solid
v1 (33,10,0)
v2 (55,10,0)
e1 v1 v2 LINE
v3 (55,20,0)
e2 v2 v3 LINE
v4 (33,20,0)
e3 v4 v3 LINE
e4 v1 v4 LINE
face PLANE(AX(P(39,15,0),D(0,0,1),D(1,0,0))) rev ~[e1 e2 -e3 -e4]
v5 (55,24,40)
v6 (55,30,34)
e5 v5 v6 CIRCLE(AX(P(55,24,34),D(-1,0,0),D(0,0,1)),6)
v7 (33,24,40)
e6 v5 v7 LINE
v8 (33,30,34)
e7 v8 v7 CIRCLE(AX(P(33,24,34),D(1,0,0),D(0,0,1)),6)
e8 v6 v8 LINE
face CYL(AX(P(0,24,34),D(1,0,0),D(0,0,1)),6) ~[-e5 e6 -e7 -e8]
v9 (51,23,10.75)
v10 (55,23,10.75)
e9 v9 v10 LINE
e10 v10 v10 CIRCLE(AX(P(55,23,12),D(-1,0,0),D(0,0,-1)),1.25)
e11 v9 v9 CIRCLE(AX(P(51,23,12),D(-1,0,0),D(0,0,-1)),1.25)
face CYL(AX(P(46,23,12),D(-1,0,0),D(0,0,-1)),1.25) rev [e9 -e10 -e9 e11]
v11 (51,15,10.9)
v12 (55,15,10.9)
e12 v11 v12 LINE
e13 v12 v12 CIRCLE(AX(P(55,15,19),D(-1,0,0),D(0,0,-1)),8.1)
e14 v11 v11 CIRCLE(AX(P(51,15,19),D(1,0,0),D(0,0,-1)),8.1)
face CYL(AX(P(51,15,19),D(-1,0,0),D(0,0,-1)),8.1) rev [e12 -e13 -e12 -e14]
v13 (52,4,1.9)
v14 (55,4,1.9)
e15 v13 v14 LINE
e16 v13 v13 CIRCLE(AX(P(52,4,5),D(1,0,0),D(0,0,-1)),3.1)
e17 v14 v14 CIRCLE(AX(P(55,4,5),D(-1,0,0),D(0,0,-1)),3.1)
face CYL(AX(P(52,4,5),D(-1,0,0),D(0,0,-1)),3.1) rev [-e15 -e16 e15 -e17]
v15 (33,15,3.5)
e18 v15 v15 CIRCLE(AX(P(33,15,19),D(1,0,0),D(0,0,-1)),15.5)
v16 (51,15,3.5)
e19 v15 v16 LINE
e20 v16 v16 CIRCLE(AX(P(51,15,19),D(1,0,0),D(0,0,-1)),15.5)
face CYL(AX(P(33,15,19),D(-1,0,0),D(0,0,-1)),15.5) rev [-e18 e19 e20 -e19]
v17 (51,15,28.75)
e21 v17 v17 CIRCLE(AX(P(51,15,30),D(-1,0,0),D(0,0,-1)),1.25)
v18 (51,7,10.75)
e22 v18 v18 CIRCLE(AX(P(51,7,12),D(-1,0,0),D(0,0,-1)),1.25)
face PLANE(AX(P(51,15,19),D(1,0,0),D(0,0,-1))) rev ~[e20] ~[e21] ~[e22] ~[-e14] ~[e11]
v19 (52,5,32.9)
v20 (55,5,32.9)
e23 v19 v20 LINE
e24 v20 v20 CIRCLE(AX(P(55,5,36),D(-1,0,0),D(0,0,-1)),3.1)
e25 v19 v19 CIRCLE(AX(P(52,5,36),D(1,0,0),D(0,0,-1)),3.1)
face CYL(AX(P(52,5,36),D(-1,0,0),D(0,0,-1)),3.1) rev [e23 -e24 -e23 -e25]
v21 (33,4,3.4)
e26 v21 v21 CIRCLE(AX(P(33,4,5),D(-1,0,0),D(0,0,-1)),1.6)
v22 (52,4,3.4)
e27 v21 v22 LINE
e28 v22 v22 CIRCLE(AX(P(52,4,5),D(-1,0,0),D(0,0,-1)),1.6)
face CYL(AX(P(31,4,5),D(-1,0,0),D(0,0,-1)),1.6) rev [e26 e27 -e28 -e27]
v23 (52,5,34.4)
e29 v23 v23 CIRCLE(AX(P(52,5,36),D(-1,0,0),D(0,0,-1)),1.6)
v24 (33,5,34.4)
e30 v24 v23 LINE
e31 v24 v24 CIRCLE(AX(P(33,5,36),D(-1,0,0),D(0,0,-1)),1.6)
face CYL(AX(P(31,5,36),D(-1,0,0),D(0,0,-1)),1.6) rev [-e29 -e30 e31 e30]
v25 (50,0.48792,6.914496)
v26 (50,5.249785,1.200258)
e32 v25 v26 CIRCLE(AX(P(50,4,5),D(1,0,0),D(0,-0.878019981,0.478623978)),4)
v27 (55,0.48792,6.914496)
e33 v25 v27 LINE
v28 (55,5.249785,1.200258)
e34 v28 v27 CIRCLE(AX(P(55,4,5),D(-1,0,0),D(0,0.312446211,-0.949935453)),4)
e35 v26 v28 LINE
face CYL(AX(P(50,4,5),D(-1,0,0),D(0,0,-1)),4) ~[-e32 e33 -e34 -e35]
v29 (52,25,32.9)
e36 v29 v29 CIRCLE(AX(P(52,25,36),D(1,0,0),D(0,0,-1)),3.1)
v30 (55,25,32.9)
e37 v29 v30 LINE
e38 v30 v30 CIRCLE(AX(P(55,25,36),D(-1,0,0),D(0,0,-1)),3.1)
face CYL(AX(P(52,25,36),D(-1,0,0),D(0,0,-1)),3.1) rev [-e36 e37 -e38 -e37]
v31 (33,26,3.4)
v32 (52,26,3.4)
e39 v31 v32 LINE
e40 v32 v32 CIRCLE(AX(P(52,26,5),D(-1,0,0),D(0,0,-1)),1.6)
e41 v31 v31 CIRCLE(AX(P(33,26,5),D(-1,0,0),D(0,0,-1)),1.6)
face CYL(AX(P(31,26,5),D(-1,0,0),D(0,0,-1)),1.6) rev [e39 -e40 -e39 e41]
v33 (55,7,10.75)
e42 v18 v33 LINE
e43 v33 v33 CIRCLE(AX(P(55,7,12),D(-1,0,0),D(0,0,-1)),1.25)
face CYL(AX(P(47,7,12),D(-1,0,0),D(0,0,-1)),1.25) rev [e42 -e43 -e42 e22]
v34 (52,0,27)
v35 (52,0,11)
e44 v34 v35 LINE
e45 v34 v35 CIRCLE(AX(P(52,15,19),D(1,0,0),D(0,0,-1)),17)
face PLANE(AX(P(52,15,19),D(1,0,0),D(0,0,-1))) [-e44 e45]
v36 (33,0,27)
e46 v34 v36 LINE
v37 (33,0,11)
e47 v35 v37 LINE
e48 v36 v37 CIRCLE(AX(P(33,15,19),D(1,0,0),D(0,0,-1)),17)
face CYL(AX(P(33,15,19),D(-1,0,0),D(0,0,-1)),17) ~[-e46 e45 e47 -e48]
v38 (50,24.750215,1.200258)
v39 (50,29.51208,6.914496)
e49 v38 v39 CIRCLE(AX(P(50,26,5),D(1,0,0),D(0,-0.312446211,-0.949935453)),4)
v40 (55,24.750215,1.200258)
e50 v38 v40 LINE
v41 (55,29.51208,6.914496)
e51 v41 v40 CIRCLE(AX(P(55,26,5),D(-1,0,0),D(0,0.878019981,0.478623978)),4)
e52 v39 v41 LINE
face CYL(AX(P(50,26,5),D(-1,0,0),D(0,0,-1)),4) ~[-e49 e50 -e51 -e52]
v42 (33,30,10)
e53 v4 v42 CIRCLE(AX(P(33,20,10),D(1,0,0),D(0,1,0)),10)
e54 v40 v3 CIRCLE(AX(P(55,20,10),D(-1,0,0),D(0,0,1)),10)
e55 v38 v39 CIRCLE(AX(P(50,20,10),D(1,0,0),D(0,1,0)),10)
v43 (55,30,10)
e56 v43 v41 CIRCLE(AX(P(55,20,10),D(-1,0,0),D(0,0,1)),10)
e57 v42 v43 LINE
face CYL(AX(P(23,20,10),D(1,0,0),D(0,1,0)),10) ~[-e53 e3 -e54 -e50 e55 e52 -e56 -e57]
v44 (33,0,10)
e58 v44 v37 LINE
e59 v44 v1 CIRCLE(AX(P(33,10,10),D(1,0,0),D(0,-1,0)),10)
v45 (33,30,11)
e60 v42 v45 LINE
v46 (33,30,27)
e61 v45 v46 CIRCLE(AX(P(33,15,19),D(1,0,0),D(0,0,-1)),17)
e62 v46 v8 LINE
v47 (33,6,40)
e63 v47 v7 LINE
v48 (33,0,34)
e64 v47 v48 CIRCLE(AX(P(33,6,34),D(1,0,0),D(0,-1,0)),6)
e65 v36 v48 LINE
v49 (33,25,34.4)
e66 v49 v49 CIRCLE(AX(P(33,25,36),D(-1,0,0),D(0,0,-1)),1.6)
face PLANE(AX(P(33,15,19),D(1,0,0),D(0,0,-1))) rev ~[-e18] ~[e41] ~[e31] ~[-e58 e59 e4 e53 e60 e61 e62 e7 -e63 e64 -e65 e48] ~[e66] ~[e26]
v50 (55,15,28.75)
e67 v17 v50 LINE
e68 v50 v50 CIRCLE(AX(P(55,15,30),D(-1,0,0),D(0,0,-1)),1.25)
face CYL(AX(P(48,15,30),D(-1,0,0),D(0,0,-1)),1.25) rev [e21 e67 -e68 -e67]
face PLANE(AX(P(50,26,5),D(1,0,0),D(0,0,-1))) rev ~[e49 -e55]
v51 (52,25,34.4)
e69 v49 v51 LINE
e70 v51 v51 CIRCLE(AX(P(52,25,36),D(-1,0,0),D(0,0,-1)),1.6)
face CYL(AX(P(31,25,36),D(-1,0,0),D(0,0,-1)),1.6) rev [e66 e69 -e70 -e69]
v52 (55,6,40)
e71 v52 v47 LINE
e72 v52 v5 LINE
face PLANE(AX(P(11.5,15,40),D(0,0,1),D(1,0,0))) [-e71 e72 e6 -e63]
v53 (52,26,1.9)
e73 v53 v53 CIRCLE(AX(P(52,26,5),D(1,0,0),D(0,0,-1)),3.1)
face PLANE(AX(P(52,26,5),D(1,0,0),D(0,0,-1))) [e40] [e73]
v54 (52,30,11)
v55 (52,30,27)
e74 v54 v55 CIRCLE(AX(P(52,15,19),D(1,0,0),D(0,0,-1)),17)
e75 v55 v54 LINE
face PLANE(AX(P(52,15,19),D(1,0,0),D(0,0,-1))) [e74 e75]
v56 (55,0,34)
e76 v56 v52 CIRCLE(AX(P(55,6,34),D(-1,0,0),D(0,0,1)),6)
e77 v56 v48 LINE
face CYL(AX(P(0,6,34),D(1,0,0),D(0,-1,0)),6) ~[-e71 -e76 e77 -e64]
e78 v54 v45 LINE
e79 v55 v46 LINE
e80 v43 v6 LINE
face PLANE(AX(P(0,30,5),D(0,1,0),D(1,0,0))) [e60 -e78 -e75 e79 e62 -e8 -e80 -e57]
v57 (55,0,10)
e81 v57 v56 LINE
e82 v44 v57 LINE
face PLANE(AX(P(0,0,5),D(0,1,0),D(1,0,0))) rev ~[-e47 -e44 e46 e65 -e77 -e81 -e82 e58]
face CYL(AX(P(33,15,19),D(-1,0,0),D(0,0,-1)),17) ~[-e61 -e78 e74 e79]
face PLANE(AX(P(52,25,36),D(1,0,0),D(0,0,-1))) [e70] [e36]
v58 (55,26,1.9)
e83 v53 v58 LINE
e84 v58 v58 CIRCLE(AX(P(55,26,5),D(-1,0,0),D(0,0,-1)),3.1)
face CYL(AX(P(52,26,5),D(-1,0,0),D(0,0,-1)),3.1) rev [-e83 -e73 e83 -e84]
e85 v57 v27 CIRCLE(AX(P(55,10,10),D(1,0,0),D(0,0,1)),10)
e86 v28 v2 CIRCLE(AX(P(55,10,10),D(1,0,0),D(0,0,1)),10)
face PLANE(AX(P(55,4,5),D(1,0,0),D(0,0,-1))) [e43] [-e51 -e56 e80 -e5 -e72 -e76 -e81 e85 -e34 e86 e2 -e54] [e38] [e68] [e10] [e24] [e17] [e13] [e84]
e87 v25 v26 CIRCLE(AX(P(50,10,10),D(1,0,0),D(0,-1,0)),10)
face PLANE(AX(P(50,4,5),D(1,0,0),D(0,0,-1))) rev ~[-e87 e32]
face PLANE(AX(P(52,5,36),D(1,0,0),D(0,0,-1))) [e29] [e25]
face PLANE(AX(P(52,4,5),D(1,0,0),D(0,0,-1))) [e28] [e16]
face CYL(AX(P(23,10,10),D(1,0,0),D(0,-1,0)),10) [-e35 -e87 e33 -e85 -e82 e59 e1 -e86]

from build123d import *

# Parameters (mm, degrees)
CYLINDER050_R           = 1.25
CYLINDER050_DEPTH       = 10
CYLINDER050_PITCH_ANGLE = 90
CYLINDER045_R           = 1.25
CYLINDER045_DEPTH       = 10
CYLINDER045_PITCH_ANGLE = 90
CYLINDER046_R           = 1.25
CYLINDER046_DEPTH       = 10
CYLINDER046_PITCH_ANGLE = 90
CYLINDER032_R           = 8.1
CYLINDER032_DEPTH       = 5
CYLINDER032_PITCH_ANGLE = 90
CYLINDER017_R           = 1.6
CYLINDER017_DEPTH       = 25
CYLINDER017_PITCH_ANGLE = 90
CYLINDER018_R           = 3.1
CYLINDER018_DEPTH       = 4
CYLINDER018_PITCH_ANGLE = 90
CYLINDER019_R           = 1.6
CYLINDER019_DEPTH       = 25
CYLINDER019_PITCH_ANGLE = 90
CYLINDER020_R           = 3.1
CYLINDER020_DEPTH       = 4
CYLINDER020_PITCH_ANGLE = 90
CYLINDER015_R           = 1.6
CYLINDER015_DEPTH       = 25
CYLINDER015_PITCH_ANGLE = 90
CYLINDER016_R           = 3.1
CYLINDER016_DEPTH       = 4
CYLINDER016_PITCH_ANGLE = 90
CYLINDER013_R           = 1.6
CYLINDER013_DEPTH       = 25
CYLINDER013_PITCH_ANGLE = 90
CYLINDER014_R           = 3.1
CYLINDER014_DEPTH       = 4
CYLINDER014_PITCH_ANGLE = 90
CYLINDER012_R           = 15.5
CYLINDER012_DEPTH       = 18
CYLINDER012_PITCH_ANGLE = 90
CYLINDER022_R           = 4
CYLINDER022_DEPTH       = 5
CYLINDER022_PITCH_ANGLE = 90
CYLINDER021_R           = 4
CYLINDER021_DEPTH       = 5
CYLINDER021_PITCH_ANGLE = 90
BOX007_W                = 33
BOX007_H                = 30
BOX007_DEPTH            = 40
CYLINDER003_R           = 17
CYLINDER003_DEPTH       = 19
CYLINDER003_PITCH_ANGLE = 90
BOX001_W                = 23
BOX001_H                = 30
BOX001_DEPTH            = 35
FILLET002_R             = 10
FILLET004_R             = 6
BOX_W                   = 32
BOX_H                   = 30
BOX_DEPTH               = 40
FILLET003_R             = 10
FILLET005_R             = 6


with BuildPart() as cylinder050:
    # Cylinder050 → Cylinder050 (new body)
    with BuildSketch(Plane.XY):
        Circle(CYLINDER050_R)
    extrude(amount=CYLINDER050_DEPTH)


with BuildPart() as cylinder050_1:
    # Cylinder050 pitch: moved
    add(cylinder050.part.rotate(Axis((0, 0, 0), (0, 1, 0)), CYLINDER050_PITCH_ANGLE))


with BuildPart() as cylinder050_2:
    # Cylinder050 placement: moved
    add(cylinder050_1.part.moved(Location((48, 15, 30))))


with BuildPart() as cylinder045:
    # Cylinder045 → Cylinder045 (new body)
    with BuildSketch(Plane.XY):
        Circle(CYLINDER045_R)
    extrude(amount=CYLINDER045_DEPTH)


with BuildPart() as cylinder045_1:
    # Cylinder045 pitch: moved
    add(cylinder045.part.rotate(Axis((0, 0, 0), (0, 1, 0)), CYLINDER045_PITCH_ANGLE))


with BuildPart() as cylinder045_2:
    # Cylinder045 placement: moved
    add(cylinder045_1.part.moved(Location((47, 7, 12))))


with BuildPart() as fusion023:
    # Cylinder046 → Cylinder046 (new body)
    with BuildSketch(Plane.XY):
        Circle(CYLINDER046_R)
    extrude(amount=CYLINDER046_DEPTH)


with BuildPart() as fusion023_1:
    # Cylinder046 pitch: moved
    add(fusion023.part.rotate(Axis((0, 0, 0), (0, 1, 0)), CYLINDER046_PITCH_ANGLE))


with BuildPart() as fusion023_2:
    # Cylinder046 placement: moved
    add(fusion023_1.part.moved(Location((46, 23, 12))))

    # Fusion023: union Cylinder045
    add(cylinder045_2.part)


with BuildPart() as cylinder032:
    # Cylinder032 → Cylinder032 (new body)
    with BuildSketch(Plane.XY):
        Circle(CYLINDER032_R)
    extrude(amount=CYLINDER032_DEPTH)


with BuildPart() as cylinder032_1:
    # Cylinder032 pitch: moved
    add(cylinder032.part.rotate(Axis((0, 0, 0), (0, 1, 0)), CYLINDER032_PITCH_ANGLE))


with BuildPart() as cylinder032_2:
    # Cylinder032 placement: moved
    add(cylinder032_1.part.moved(Location((51, 15, 19))))


with BuildPart() as cylinder017:
    # Cylinder017 → Cylinder017 (new body)
    with BuildSketch(Plane.XY):
        Circle(CYLINDER017_R)
    extrude(amount=CYLINDER017_DEPTH)


with BuildPart() as cylinder017_1:
    # Cylinder017 pitch: moved
    add(cylinder017.part.rotate(Axis((0, 0, 0), (0, 1, 0)), CYLINDER017_PITCH_ANGLE))


with BuildPart() as cylinder017_2:
    # Cylinder017 placement: moved
    add(cylinder017_1.part.moved(Location((30, 0, 19))))


with BuildPart() as fusion010:
    # Cylinder018 → Cylinder018 (new body)
    with BuildSketch(Plane.XY):
        Circle(CYLINDER018_R)
    extrude(amount=CYLINDER018_DEPTH)


with BuildPart() as fusion010_1:
    # Cylinder018 pitch: moved
    add(fusion010.part.rotate(Axis((0, 0, 0), (0, 1, 0)), CYLINDER018_PITCH_ANGLE))


with BuildPart() as fusion010_2:
    # Cylinder018 placement: moved
    add(fusion010_1.part.moved(Location((51, 0, 19))))

    # Fusion010: union Cylinder017
    add(cylinder017_2.part)


with BuildPart() as fusion010_3:
    # Fusion010 placement: moved
    add(fusion010_2.part.moved(Location((0, 25, 17))))


with BuildPart() as cylinder019:
    # Cylinder019 → Cylinder019 (new body)
    with BuildSketch(Plane.XY):
        Circle(CYLINDER019_R)
    extrude(amount=CYLINDER019_DEPTH)


with BuildPart() as cylinder019_1:
    # Cylinder019 pitch: moved
    add(cylinder019.part.rotate(Axis((0, 0, 0), (0, 1, 0)), CYLINDER019_PITCH_ANGLE))


with BuildPart() as cylinder019_2:
    # Cylinder019 placement: moved
    add(cylinder019_1.part.moved(Location((30, 0, 19))))


with BuildPart() as fusion011:
    # Cylinder020 → Cylinder020 (new body)
    with BuildSketch(Plane.XY):
        Circle(CYLINDER020_R)
    extrude(amount=CYLINDER020_DEPTH)


with BuildPart() as fusion011_1:
    # Cylinder020 pitch: moved
    add(fusion011.part.rotate(Axis((0, 0, 0), (0, 1, 0)), CYLINDER020_PITCH_ANGLE))


with BuildPart() as fusion011_2:
    # Cylinder020 placement: moved
    add(fusion011_1.part.moved(Location((51, 0, 19))))

    # Fusion011: union Cylinder019
    add(cylinder019_2.part)


with BuildPart() as fusion011_3:
    # Fusion011 placement: moved
    add(fusion011_2.part.moved(Location((0, 26, -14))))


with BuildPart() as cylinder015:
    # Cylinder015 → Cylinder015 (new body)
    with BuildSketch(Plane.XY):
        Circle(CYLINDER015_R)
    extrude(amount=CYLINDER015_DEPTH)


with BuildPart() as cylinder015_1:
    # Cylinder015 pitch: moved
    add(cylinder015.part.rotate(Axis((0, 0, 0), (0, 1, 0)), CYLINDER015_PITCH_ANGLE))


with BuildPart() as cylinder015_2:
    # Cylinder015 placement: moved
    add(cylinder015_1.part.moved(Location((30, 0, 19))))


with BuildPart() as fusion009:
    # Cylinder016 → Cylinder016 (new body)
    with BuildSketch(Plane.XY):
        Circle(CYLINDER016_R)
    extrude(amount=CYLINDER016_DEPTH)


with BuildPart() as fusion009_1:
    # Cylinder016 pitch: moved
    add(fusion009.part.rotate(Axis((0, 0, 0), (0, 1, 0)), CYLINDER016_PITCH_ANGLE))


with BuildPart() as fusion009_2:
    # Cylinder016 placement: moved
    add(fusion009_1.part.moved(Location((51, 0, 19))))

    # Fusion009: union Cylinder015
    add(cylinder015_2.part)


with BuildPart() as fusion009_3:
    # Fusion009 placement: moved
    add(fusion009_2.part.moved(Location((0, 5, 17))))


with BuildPart() as cylinder013:
    # Cylinder013 → Cylinder013 (new body)
    with BuildSketch(Plane.XY):
        Circle(CYLINDER013_R)
    extrude(amount=CYLINDER013_DEPTH)


with BuildPart() as cylinder013_1:
    # Cylinder013 pitch: moved
    add(cylinder013.part.rotate(Axis((0, 0, 0), (0, 1, 0)), CYLINDER013_PITCH_ANGLE))


with BuildPart() as cylinder013_2:
    # Cylinder013 placement: moved
    add(cylinder013_1.part.moved(Location((30, 0, 19))))


with BuildPart() as fusion013:
    # Cylinder014 → Cylinder014 (new body)
    with BuildSketch(Plane.XY):
        Circle(CYLINDER014_R)
    extrude(amount=CYLINDER014_DEPTH)


with BuildPart() as fusion013_1:
    # Cylinder014 pitch: moved
    add(fusion013.part.rotate(Axis((0, 0, 0), (0, 1, 0)), CYLINDER014_PITCH_ANGLE))


with BuildPart() as fusion013_2:
    # Cylinder014 placement: moved
    add(fusion013_1.part.moved(Location((51, 0, 19))))

    # Fusion008: union Cylinder013
    add(cylinder013_2.part)


with BuildPart() as fusion013_3:
    # Fusion008 placement: moved
    add(fusion013_2.part.moved(Location((0, 4, -14))))

    # Fusion013: union Fusion010, Fusion011, Fusion009
    add(fusion010_3.part)
    add(fusion011_3.part)
    add(fusion009_3.part)


with BuildPart() as fusion013_4:
    # Fusion013 placement: moved
    add(fusion013_3.part.moved(Location((1, 0, 0))))


with BuildPart() as cylinder012:
    # Cylinder012 → Cylinder012 (new body)
    with BuildSketch(Plane.XY):
        Circle(CYLINDER012_R)
    extrude(amount=CYLINDER012_DEPTH)


with BuildPart() as cylinder012_1:
    # Cylinder012 pitch: moved
    add(cylinder012.part.rotate(Axis((0, 0, 0), (0, 1, 0)), CYLINDER012_PITCH_ANGLE))


with BuildPart() as cylinder012_2:
    # Cylinder012 placement: moved
    add(cylinder012_1.part.moved(Location((33, 15, 19))))


with BuildPart() as cylinder022:
    # Cylinder022 → Cylinder022 (new body)
    with BuildSketch(Plane.XY):
        Circle(CYLINDER022_R)
    extrude(amount=CYLINDER022_DEPTH)


with BuildPart() as cylinder022_1:
    # Cylinder022 pitch: moved
    add(cylinder022.part.rotate(Axis((0, 0, 0), (0, 1, 0)), CYLINDER022_PITCH_ANGLE))


with BuildPart() as cylinder022_2:
    # Cylinder022 placement: moved
    add(cylinder022_1.part.moved(Location((50, 26, 5))))


with BuildPart() as cylinder021:
    # Cylinder021 → Cylinder021 (new body)
    with BuildSketch(Plane.XY):
        Circle(CYLINDER021_R)
    extrude(amount=CYLINDER021_DEPTH)


with BuildPart() as cylinder021_1:
    # Cylinder021 pitch: moved
    add(cylinder021.part.rotate(Axis((0, 0, 0), (0, 1, 0)), CYLINDER021_PITCH_ANGLE))


with BuildPart() as cylinder021_2:
    # Cylinder021 placement: moved
    add(cylinder021_1.part.moved(Location((50, 4, 5))))


with BuildPart() as box007:
    # Box007 → Box007 (new body)
    with BuildSketch(Plane.XY):
        with Locations((16.5, 15)):
            Rectangle(BOX007_W, BOX007_H)
    extrude(amount=BOX007_DEPTH)


with BuildPart() as cylinder003:
    # Cylinder003 → Cylinder003 (new body)
    with BuildSketch(Plane.XY):
        Circle(CYLINDER003_R)
    extrude(amount=CYLINDER003_DEPTH)


with BuildPart() as cylinder003_1:
    # Cylinder003 pitch: moved
    add(cylinder003.part.rotate(Axis((0, 0, 0), (0, 1, 0)), CYLINDER003_PITCH_ANGLE))


with BuildPart() as cylinder003_2:
    # Cylinder003 placement: moved
    add(cylinder003_1.part.moved(Location((33, 15, 19))))


with BuildPart() as fillet004:
    # Box001 → Box001 (new body)
    with BuildSketch(Plane.XY.offset(5)):
        with Locations((11.5, 15)):
            Rectangle(BOX001_W, BOX001_H)
    extrude(amount=BOX001_DEPTH)

    # Fillet002
    fillet002_edges = [fillet004.edges().sort_by_distance(p)[0] for p in [
        (11.5, 0, 5),
        (11.5, 30, 5),
    ]]
    fillet(fillet002_edges, radius=FILLET002_R)

    # Fillet004
    fillet004_edges = [fillet004.edges().sort_by_distance(p)[0] for p in [
        (11.5, 0, 40),
        (11.5, 30, 40),
    ]]
    fillet(fillet004_edges, radius=FILLET004_R)


with BuildPart() as rear_part:
    # Box → Box (new body)
    with BuildSketch(Plane(origin=(23, 0, 0), x_dir=(1, 0, 0), z_dir=(0, 0, 1))):
        with Locations((16, 15)):
            Rectangle(BOX_W, BOX_H)
    extrude(amount=BOX_DEPTH)

    # Fillet003
    fillet003_edges = [rear_part.edges().sort_by_distance(p)[0] for p in [
        (39, 0, 0),
        (39, 30, 0),
    ]]
    fillet(fillet003_edges, radius=FILLET003_R)

    # Fillet005
    fillet005_edges = [rear_part.edges().sort_by_distance(p)[0] for p in [
        (39, 0, 40),
        (39, 30, 40),
    ]]
    fillet(fillet005_edges, radius=FILLET005_R)

    # Fusion004: union Fillet004
    add(fillet004.part)

    # Fusion006: union Cylinder003
    add(cylinder003_2.part)

    # Cut005: cut Box007
    add(box007.part, mode=Mode.SUBTRACT)

    # Fusion014: union Cylinder022, Cylinder021
    add(cylinder022_2.part)
    add(cylinder021_2.part)

    # Cut007: cut Cylinder012
    add(cylinder012_2.part, mode=Mode.SUBTRACT)

    # Cut008: cut Fusion013
    add(fusion013_4.part, mode=Mode.SUBTRACT)

    # Cut011: cut Cylinder032
    add(cylinder032_2.part, mode=Mode.SUBTRACT)

    # Cut015: cut Fusion023
    add(fusion023_2.part, mode=Mode.SUBTRACT)

    # Cut018: cut Cylinder050
    add(cylinder050_2.part, mode=Mode.SUBTRACT)


solid = rear_part.part
